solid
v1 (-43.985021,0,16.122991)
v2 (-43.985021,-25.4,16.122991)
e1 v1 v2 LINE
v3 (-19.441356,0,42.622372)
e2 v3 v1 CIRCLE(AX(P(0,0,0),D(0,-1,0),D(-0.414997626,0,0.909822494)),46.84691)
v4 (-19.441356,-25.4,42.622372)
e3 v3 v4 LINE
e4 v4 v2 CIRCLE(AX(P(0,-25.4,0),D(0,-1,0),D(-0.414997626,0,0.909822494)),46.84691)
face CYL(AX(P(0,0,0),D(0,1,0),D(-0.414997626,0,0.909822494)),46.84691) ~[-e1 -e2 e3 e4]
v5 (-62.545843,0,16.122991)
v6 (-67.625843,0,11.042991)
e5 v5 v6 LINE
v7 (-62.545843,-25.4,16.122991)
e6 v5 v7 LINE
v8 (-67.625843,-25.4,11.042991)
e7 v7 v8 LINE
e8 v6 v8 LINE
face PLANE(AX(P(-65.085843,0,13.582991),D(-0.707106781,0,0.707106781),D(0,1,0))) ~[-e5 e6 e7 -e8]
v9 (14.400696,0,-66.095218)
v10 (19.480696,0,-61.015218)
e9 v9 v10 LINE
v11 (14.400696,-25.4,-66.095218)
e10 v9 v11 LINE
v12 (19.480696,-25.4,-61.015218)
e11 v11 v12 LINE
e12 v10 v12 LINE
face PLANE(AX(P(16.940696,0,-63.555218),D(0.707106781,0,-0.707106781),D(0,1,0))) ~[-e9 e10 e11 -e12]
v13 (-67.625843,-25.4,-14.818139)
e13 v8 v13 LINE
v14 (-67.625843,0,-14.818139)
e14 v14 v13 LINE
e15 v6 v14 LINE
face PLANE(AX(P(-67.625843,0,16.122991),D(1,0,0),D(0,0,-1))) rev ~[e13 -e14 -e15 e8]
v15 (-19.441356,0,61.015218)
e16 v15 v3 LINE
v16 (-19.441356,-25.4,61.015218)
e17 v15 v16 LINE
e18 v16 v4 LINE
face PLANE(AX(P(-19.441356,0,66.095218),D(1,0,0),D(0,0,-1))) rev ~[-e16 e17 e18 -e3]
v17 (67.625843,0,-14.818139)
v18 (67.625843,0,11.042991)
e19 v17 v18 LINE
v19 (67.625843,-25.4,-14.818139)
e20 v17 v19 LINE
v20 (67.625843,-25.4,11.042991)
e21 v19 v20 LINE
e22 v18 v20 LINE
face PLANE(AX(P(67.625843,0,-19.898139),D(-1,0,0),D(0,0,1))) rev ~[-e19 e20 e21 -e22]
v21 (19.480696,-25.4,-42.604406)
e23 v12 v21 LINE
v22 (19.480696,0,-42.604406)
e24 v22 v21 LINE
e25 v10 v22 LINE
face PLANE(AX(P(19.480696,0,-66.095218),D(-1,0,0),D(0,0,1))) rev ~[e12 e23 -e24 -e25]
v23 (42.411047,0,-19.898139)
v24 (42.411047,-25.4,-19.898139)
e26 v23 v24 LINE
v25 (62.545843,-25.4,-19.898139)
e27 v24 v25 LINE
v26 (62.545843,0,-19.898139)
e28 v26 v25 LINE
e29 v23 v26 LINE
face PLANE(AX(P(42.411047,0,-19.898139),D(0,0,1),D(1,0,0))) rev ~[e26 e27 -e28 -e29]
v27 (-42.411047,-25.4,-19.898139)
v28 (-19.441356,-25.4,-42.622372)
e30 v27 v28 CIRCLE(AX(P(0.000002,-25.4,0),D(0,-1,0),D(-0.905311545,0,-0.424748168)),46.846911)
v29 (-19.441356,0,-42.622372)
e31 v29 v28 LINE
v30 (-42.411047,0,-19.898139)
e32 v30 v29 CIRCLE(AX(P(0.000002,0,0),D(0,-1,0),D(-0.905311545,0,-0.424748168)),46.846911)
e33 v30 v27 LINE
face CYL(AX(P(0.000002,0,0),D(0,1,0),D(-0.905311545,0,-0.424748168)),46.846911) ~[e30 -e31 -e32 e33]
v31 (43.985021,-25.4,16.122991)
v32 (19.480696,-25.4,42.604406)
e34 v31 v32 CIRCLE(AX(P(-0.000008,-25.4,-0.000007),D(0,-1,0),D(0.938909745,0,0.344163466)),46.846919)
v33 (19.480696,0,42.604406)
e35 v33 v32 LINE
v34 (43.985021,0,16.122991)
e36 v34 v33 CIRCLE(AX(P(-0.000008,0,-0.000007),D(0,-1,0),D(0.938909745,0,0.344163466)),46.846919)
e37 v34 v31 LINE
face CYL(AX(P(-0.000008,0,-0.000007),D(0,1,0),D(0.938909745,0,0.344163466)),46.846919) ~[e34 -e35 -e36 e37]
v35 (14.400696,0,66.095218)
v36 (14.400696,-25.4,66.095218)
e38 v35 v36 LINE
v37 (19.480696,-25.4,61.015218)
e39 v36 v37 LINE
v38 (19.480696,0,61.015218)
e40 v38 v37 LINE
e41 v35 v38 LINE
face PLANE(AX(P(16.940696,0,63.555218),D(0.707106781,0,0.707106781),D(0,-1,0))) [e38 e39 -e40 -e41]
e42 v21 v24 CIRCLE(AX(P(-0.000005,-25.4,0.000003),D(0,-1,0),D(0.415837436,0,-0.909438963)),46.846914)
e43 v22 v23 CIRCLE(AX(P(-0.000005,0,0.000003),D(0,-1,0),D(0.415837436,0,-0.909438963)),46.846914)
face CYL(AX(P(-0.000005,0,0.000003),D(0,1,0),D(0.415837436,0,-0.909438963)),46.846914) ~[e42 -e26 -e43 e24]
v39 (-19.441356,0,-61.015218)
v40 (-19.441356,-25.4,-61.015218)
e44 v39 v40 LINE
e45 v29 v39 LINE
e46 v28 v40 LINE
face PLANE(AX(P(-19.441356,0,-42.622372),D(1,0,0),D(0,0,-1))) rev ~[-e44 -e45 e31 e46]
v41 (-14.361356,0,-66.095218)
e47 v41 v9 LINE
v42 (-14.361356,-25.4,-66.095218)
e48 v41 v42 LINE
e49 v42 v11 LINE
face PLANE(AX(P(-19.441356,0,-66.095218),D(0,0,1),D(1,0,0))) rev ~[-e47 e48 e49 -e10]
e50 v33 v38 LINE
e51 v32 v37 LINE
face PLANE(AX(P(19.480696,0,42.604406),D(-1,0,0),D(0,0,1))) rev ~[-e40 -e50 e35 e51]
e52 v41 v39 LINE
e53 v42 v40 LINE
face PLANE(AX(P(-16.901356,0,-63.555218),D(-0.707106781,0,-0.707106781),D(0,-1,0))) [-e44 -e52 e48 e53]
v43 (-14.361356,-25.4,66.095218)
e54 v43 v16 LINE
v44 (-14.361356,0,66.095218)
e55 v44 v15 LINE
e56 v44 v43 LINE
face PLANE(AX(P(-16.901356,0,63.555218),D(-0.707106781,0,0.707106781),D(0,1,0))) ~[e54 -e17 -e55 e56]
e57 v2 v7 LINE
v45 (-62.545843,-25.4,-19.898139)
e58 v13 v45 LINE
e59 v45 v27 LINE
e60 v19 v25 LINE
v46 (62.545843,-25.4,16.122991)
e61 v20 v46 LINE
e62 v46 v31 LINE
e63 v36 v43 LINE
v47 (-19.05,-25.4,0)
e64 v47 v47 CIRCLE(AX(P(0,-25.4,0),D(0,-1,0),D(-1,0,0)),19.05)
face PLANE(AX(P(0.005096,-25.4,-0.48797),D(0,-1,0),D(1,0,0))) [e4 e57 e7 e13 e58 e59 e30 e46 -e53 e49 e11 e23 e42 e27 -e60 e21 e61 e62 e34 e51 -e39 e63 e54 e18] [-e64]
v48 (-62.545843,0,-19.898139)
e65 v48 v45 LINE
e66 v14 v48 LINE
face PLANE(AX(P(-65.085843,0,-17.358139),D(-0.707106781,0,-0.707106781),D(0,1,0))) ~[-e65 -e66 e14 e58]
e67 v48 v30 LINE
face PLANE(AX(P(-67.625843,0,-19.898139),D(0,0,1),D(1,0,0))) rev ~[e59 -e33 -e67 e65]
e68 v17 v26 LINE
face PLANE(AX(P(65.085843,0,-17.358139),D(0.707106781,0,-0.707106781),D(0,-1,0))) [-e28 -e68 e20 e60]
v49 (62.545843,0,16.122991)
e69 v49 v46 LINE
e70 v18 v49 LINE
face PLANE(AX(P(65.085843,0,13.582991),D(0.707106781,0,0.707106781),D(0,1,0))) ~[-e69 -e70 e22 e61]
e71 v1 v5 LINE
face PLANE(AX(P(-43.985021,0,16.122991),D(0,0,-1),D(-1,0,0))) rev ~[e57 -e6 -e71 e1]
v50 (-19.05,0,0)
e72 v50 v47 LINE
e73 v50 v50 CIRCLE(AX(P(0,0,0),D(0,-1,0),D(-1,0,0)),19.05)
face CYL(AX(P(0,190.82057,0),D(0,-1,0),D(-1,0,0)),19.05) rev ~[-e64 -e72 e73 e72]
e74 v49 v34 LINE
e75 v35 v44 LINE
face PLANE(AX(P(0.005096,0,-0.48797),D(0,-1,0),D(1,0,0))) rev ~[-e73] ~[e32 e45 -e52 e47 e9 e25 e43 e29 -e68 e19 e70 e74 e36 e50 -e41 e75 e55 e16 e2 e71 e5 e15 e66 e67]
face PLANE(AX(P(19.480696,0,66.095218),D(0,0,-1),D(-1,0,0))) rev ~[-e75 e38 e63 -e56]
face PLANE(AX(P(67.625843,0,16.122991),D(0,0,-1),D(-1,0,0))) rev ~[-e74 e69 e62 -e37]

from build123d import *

# Parameters (mm, degrees)
F1_DEPTH = 25.4
F3_D     = 38.1
F4_SIZE  = 5.08
F5_SIZE  = 5.08
F6_SIZE  = 5.08
F7_SIZE  = 5.08
F8_SIZE  = 5.08
F9_SIZE  = 5.08
F10_SIZE = 5.08
F11_SIZE = 5.08


with BuildPart() as f1:
    # F0 (on Front) → F1 (new body)
    with BuildSketch(Plane.XZ):
        with BuildLine():
            Line((-67.625843, -19.898139), (-42.411047, -19.898139))
            ThreePointArc((-42.411047, -19.898139), (-32.947346, -33.303232), (-19.441356, -42.622372))
            Line((-19.441356, -42.622372), (-19.441356, -66.095218))
            Line((-19.441356, -66.095218), (19.480696, -66.095218))
            Line((19.480696, -66.095218), (19.480696, -42.604406))
            ThreePointArc((19.480696, -42.604406), (32.962715, -33.28802), (42.411047, -19.898139))
            Line((42.411047, -19.898139), (67.625843, -19.898139))
            Line((67.625843, -19.898139), (67.625843, 16.122991))
            Line((67.625843, 16.122991), (43.985021, 16.122991))
            ThreePointArc((43.985021, 16.122991), (34.384453, 31.817326), (19.480696, 42.604406))
            Line((19.480696, 42.604406), (19.480696, 66.095218))
            Line((19.480696, 66.095218), (-19.441356, 66.095218))
            Line((-19.441356, 66.095218), (-19.441356, 42.622372))
            ThreePointArc((-19.441356, 42.622372), (-34.369763, 31.833195), (-43.985021, 16.122991))
            Line((-43.985021, 16.122991), (-67.625843, 16.122991))
            Line((-67.625843, 16.122991), (-67.625843, -19.898139))
        make_face()
    extrude(amount=F1_DEPTH)

    # F3 (through all)
    with Locations(Plane(origin=(0, 0, 0), x_dir=(1, 0, 0), z_dir=(0, 1, 0))):
        with Locations((0, 0)):
            Hole(F3_D / 2)

    # F4
    f4_edges = [f1.edges().sort_by_distance(p)[0] for p in [
        (19.480696, -12.7, 66.095218),
    ]]
    chamfer(f4_edges, length=F4_SIZE)

    # F5
    f5_edges = [f1.edges().sort_by_distance(p)[0] for p in [
        (-19.441356, -12.7, 66.095218),
    ]]
    chamfer(f5_edges, length=F5_SIZE)

    # F6
    f6_edges = [f1.edges().sort_by_distance(p)[0] for p in [
        (-67.625843, -12.7, 16.122991),
    ]]
    chamfer(f6_edges, length=F6_SIZE)

    # F7
    f7_edges = [f1.edges().sort_by_distance(p)[0] for p in [
        (-67.625843, -12.7, -19.898139),
    ]]
    chamfer(f7_edges, length=F7_SIZE)

    # F8
    f8_edges = [f1.edges().sort_by_distance(p)[0] for p in [
        (19.480696, -12.7, -66.095218),
    ]]
    chamfer(f8_edges, length=F8_SIZE)

    # F9
    f9_edges = [f1.edges().sort_by_distance(p)[0] for p in [
        (-19.441356, -12.7, -66.095218),
    ]]
    chamfer(f9_edges, length=F9_SIZE)

    # F10
    f10_edges = [f1.edges().sort_by_distance(p)[0] for p in [
        (67.625843, -12.7, 16.122991),
    ]]
    chamfer(f10_edges, length=F10_SIZE)

    # F11
    f11_edges = [f1.edges().sort_by_distance(p)[0] for p in [
        (67.625843, -12.7, -19.898139),
    ]]
    chamfer(f11_edges, length=F11_SIZE)


solid = f1.part
